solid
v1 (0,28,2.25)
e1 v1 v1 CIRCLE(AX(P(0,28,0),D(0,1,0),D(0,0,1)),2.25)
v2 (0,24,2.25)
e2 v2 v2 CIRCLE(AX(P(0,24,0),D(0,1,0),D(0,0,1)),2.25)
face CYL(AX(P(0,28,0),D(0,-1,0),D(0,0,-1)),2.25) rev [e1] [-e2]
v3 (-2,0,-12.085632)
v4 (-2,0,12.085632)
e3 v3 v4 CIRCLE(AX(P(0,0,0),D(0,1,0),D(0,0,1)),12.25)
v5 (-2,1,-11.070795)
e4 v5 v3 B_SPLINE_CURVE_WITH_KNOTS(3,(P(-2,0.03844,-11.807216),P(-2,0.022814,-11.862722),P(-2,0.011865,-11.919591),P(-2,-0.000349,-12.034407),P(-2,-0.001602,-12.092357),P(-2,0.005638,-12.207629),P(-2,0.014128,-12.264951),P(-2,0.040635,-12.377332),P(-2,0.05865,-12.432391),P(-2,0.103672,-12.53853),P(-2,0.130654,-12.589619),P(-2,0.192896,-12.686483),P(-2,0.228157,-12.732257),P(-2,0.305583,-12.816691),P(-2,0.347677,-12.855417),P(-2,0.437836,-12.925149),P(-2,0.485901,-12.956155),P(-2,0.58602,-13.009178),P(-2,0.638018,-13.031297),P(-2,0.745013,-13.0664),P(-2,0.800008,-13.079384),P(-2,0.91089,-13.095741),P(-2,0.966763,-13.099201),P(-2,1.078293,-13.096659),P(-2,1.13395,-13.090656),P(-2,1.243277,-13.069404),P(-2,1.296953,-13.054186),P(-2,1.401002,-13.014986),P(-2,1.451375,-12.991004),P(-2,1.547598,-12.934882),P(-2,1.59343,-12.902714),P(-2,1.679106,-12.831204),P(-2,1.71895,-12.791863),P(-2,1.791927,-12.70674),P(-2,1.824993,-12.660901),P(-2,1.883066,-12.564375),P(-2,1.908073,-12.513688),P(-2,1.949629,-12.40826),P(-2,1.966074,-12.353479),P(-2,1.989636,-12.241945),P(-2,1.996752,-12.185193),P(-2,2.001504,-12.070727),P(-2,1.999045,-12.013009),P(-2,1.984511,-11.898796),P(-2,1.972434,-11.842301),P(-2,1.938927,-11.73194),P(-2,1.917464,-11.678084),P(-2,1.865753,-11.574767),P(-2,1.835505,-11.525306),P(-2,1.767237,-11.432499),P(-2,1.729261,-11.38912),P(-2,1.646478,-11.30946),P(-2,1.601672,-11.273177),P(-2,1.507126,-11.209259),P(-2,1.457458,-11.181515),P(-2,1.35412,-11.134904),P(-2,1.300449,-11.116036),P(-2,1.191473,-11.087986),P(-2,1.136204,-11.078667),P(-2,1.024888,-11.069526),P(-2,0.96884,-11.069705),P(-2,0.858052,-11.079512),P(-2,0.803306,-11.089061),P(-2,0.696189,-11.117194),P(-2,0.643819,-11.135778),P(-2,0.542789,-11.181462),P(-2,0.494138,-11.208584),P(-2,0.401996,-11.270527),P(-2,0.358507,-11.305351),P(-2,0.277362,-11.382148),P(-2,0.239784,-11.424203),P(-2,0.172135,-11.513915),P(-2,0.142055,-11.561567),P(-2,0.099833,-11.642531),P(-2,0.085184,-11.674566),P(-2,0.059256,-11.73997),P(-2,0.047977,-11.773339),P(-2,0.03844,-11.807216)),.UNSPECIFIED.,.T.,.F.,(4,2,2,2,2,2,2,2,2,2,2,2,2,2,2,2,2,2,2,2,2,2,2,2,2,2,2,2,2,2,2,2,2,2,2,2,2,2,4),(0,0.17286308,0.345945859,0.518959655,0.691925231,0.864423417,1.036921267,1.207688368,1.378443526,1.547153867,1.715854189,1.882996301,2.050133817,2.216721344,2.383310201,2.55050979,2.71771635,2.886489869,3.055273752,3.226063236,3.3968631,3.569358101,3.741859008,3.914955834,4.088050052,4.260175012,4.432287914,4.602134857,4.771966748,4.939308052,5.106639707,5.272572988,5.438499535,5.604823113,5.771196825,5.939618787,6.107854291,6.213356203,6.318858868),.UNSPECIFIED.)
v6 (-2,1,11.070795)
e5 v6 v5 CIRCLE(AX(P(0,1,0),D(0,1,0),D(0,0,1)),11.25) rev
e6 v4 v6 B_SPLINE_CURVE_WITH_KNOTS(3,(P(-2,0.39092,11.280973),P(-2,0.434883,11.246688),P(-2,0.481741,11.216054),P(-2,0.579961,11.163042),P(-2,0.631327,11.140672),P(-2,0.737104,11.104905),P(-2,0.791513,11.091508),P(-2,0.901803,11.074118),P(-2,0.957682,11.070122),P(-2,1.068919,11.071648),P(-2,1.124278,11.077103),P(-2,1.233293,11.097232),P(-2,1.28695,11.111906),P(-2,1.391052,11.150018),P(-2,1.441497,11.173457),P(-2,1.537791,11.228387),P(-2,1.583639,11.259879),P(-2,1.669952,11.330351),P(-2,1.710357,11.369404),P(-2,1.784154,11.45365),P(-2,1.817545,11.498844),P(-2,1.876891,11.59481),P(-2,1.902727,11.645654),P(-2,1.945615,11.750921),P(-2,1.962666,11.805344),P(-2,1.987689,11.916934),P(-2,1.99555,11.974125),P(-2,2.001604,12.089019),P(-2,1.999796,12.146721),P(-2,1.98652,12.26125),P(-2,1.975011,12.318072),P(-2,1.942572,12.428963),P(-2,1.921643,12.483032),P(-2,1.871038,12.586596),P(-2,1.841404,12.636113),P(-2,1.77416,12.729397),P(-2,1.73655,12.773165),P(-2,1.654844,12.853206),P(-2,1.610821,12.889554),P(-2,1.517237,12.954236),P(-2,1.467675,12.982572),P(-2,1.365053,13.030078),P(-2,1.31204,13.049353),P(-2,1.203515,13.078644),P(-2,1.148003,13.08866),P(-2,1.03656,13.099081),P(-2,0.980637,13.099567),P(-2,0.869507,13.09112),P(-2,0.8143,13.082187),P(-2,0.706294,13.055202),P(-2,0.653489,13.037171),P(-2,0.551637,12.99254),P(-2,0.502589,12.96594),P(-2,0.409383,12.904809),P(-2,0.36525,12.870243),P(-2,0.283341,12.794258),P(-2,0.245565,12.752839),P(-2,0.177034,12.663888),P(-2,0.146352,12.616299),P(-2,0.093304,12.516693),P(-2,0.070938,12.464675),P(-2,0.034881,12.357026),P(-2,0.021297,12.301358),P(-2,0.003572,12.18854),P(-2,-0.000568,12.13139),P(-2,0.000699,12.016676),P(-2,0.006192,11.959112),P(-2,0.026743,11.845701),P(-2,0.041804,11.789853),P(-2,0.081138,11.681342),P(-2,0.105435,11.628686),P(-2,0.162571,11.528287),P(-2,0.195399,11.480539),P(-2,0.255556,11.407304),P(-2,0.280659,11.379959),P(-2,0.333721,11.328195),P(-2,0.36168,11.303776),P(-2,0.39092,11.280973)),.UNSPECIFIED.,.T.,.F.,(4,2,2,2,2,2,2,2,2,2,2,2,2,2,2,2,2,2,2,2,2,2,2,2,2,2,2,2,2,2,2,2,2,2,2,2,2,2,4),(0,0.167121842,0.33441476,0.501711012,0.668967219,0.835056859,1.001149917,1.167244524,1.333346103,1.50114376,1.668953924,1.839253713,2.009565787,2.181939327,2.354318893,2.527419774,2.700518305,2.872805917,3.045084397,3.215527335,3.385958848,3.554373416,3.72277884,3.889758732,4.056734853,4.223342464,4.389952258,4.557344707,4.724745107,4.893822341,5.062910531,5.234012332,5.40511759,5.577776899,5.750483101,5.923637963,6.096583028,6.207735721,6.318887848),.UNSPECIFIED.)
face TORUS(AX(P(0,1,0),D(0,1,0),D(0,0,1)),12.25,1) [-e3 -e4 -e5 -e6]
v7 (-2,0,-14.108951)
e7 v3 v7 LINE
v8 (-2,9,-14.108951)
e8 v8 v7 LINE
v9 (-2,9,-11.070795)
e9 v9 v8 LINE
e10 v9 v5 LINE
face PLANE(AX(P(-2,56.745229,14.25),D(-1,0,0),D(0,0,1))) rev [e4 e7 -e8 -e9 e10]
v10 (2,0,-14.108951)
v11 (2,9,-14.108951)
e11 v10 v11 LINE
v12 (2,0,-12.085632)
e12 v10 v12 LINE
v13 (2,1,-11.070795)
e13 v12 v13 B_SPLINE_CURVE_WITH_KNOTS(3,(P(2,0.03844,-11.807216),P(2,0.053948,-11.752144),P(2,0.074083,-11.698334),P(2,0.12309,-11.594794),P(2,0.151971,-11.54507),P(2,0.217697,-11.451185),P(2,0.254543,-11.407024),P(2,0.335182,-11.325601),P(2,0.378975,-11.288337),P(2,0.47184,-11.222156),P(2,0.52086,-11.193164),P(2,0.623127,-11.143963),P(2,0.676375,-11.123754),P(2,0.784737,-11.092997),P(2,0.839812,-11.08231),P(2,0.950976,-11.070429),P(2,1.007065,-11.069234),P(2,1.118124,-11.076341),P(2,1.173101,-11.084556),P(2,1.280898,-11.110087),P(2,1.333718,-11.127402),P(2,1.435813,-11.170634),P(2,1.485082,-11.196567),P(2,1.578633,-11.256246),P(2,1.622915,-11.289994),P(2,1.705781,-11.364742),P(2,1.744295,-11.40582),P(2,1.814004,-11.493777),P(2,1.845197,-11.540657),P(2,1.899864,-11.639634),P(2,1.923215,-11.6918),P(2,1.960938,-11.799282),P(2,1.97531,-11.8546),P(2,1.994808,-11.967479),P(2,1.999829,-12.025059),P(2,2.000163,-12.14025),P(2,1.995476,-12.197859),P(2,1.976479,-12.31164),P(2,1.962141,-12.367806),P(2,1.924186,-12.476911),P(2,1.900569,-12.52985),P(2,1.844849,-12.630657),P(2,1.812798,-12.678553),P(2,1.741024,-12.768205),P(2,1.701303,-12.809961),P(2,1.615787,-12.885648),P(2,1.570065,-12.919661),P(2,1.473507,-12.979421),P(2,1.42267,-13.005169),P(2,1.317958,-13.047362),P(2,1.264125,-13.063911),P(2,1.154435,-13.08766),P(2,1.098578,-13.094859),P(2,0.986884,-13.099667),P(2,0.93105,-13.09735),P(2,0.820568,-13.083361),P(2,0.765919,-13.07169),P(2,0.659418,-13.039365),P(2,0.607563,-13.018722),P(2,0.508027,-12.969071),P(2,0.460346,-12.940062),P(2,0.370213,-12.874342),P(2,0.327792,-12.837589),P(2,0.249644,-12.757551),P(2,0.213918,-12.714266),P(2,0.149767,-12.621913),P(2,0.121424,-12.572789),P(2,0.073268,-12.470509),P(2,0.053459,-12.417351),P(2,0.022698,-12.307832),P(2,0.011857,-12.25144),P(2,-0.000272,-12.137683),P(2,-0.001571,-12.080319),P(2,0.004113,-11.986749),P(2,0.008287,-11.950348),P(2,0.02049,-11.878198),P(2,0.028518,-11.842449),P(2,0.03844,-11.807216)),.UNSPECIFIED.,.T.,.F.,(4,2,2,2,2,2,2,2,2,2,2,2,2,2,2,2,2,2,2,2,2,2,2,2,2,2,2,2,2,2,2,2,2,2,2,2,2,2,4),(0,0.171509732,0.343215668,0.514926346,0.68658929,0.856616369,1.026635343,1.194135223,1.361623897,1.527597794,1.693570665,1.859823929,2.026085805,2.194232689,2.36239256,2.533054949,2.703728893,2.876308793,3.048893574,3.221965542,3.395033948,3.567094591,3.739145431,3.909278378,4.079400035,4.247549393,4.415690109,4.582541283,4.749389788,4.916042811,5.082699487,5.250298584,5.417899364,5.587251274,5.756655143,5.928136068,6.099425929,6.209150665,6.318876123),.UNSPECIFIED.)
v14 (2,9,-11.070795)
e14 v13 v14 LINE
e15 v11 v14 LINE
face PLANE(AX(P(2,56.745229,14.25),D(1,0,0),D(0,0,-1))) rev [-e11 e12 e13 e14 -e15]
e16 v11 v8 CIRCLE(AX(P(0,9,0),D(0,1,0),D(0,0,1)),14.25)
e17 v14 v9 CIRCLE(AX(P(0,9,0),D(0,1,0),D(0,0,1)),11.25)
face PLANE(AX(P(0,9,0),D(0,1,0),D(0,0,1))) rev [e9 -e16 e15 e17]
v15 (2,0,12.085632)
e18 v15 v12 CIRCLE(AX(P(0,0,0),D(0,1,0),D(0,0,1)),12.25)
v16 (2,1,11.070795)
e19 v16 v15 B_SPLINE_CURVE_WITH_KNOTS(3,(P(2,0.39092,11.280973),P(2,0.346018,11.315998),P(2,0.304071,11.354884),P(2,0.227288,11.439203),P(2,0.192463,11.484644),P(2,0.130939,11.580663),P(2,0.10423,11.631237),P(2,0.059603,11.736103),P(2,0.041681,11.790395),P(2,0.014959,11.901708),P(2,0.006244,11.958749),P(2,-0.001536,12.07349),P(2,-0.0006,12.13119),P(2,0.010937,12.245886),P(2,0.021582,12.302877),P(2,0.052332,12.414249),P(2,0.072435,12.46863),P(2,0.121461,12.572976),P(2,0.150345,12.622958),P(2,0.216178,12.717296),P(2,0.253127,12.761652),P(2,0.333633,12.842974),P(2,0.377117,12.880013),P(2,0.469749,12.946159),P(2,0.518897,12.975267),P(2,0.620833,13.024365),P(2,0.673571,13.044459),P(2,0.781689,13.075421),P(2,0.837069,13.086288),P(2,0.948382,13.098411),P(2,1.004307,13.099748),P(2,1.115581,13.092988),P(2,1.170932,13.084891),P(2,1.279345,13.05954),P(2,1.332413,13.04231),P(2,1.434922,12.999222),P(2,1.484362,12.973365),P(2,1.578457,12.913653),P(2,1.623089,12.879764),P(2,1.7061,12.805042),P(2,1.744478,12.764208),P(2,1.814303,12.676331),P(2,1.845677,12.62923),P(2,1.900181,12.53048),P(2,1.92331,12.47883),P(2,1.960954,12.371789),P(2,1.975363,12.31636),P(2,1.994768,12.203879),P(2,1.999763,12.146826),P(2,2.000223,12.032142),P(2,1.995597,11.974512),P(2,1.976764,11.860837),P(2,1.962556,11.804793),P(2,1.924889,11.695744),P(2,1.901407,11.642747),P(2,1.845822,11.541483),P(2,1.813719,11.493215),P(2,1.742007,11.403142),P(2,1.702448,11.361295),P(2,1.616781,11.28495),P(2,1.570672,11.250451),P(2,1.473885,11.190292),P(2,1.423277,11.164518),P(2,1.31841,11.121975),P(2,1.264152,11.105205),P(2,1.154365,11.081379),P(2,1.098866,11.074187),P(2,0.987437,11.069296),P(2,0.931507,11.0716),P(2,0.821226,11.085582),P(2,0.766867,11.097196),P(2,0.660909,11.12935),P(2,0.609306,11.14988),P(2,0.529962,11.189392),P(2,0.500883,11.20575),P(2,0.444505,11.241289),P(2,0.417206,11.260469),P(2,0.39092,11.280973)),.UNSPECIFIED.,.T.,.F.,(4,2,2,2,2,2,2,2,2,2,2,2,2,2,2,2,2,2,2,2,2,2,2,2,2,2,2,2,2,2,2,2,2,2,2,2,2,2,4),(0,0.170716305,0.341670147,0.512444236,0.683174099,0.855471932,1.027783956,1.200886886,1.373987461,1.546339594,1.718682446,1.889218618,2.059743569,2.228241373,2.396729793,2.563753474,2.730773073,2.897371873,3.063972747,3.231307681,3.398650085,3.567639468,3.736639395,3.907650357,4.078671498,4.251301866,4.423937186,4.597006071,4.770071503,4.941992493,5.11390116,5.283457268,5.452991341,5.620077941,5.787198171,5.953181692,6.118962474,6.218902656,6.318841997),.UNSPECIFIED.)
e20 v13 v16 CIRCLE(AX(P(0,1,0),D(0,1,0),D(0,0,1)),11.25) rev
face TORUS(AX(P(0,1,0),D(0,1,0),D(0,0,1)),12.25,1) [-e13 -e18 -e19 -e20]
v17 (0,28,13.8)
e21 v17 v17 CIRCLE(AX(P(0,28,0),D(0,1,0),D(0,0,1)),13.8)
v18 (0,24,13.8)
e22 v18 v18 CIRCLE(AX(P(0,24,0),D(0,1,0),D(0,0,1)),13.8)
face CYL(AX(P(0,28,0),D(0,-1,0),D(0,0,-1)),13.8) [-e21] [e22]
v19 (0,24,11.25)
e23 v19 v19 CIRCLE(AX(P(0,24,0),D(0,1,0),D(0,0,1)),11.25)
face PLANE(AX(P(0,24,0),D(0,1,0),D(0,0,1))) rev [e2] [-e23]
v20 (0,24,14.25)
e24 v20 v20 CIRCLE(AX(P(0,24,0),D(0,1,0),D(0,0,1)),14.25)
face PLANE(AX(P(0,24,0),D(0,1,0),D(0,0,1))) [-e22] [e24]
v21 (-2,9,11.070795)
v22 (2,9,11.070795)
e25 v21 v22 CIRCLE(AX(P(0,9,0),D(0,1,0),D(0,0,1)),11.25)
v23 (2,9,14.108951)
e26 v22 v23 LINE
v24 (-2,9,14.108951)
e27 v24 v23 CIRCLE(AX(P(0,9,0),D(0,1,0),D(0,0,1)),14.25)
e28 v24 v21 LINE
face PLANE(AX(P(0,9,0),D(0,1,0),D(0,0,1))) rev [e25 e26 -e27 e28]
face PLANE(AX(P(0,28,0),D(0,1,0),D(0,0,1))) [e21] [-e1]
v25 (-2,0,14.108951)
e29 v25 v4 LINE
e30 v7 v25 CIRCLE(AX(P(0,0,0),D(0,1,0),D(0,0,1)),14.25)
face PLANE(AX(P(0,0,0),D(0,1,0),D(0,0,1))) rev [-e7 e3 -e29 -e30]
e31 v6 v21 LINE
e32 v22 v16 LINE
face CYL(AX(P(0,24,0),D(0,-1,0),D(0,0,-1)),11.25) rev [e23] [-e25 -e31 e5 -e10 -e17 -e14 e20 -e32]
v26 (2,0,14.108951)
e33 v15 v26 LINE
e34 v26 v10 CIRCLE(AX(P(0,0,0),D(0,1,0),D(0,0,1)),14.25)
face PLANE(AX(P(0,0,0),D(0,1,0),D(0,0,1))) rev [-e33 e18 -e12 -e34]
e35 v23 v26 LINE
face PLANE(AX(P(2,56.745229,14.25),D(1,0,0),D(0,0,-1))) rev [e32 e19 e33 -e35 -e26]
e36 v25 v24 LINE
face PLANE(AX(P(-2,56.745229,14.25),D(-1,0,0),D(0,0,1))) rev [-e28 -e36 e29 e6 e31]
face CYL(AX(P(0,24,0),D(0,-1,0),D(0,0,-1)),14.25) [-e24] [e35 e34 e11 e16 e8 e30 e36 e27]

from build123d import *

# Parameters (mm, degrees)
SKETCH1_R           = 14.25
SKETCH1_R_2         = 11.25
BOSS_EXTRUDE1_DEPTH = 24
SKETCH2_R           = 13.8
SKETCH2_R_2         = 2.25
BOSS_EXTRUDE2_DEPTH = 4
FILLET1_R           = 1
CUT_EXTRUDE1_DEPTH  = 9


with BuildPart() as part:
    # Sketch1 → Boss-Extrude1 (new body)
    with BuildSketch(Plane(origin=(0, 0, 0), x_dir=(1, 0, 0), z_dir=(0, 1, 0))):
        Circle(SKETCH1_R)
        Circle(SKETCH1_R_2, mode=Mode.SUBTRACT)
    extrude(amount=BOSS_EXTRUDE1_DEPTH)

    # Sketch2 → Boss-Extrude2 (add)
    with BuildSketch(Plane(origin=(0, 24, 0), x_dir=(1, 0, 0), z_dir=(0, 1, 0))):
        Circle(SKETCH2_R)
        Circle(SKETCH2_R_2, mode=Mode.SUBTRACT)
    extrude(amount=BOSS_EXTRUDE2_DEPTH)

    # Fillet1
    fillet1_edges = [part.edges().sort_by_distance(p)[0] for p in [
        (-11.25, 0, 0),
    ]]
    fillet(fillet1_edges, radius=FILLET1_R)

    # Sketch3 → Cut-Extrude1 (cut)
    with BuildSketch(Plane.XZ):
        with BuildLine():
            Line((2, 14.25), (2, -14.25))
            ThreePointArc((2, -14.25), (0, -16.25), (-2, -14.25))
            Line((-2, -14.25), (-2, 14.25))
            ThreePointArc((-2, 14.25), (0, 16.25), (2, 14.25))
        make_face()
    extrude(amount=-CUT_EXTRUDE1_DEPTH, mode=Mode.SUBTRACT)


solid = part.part
